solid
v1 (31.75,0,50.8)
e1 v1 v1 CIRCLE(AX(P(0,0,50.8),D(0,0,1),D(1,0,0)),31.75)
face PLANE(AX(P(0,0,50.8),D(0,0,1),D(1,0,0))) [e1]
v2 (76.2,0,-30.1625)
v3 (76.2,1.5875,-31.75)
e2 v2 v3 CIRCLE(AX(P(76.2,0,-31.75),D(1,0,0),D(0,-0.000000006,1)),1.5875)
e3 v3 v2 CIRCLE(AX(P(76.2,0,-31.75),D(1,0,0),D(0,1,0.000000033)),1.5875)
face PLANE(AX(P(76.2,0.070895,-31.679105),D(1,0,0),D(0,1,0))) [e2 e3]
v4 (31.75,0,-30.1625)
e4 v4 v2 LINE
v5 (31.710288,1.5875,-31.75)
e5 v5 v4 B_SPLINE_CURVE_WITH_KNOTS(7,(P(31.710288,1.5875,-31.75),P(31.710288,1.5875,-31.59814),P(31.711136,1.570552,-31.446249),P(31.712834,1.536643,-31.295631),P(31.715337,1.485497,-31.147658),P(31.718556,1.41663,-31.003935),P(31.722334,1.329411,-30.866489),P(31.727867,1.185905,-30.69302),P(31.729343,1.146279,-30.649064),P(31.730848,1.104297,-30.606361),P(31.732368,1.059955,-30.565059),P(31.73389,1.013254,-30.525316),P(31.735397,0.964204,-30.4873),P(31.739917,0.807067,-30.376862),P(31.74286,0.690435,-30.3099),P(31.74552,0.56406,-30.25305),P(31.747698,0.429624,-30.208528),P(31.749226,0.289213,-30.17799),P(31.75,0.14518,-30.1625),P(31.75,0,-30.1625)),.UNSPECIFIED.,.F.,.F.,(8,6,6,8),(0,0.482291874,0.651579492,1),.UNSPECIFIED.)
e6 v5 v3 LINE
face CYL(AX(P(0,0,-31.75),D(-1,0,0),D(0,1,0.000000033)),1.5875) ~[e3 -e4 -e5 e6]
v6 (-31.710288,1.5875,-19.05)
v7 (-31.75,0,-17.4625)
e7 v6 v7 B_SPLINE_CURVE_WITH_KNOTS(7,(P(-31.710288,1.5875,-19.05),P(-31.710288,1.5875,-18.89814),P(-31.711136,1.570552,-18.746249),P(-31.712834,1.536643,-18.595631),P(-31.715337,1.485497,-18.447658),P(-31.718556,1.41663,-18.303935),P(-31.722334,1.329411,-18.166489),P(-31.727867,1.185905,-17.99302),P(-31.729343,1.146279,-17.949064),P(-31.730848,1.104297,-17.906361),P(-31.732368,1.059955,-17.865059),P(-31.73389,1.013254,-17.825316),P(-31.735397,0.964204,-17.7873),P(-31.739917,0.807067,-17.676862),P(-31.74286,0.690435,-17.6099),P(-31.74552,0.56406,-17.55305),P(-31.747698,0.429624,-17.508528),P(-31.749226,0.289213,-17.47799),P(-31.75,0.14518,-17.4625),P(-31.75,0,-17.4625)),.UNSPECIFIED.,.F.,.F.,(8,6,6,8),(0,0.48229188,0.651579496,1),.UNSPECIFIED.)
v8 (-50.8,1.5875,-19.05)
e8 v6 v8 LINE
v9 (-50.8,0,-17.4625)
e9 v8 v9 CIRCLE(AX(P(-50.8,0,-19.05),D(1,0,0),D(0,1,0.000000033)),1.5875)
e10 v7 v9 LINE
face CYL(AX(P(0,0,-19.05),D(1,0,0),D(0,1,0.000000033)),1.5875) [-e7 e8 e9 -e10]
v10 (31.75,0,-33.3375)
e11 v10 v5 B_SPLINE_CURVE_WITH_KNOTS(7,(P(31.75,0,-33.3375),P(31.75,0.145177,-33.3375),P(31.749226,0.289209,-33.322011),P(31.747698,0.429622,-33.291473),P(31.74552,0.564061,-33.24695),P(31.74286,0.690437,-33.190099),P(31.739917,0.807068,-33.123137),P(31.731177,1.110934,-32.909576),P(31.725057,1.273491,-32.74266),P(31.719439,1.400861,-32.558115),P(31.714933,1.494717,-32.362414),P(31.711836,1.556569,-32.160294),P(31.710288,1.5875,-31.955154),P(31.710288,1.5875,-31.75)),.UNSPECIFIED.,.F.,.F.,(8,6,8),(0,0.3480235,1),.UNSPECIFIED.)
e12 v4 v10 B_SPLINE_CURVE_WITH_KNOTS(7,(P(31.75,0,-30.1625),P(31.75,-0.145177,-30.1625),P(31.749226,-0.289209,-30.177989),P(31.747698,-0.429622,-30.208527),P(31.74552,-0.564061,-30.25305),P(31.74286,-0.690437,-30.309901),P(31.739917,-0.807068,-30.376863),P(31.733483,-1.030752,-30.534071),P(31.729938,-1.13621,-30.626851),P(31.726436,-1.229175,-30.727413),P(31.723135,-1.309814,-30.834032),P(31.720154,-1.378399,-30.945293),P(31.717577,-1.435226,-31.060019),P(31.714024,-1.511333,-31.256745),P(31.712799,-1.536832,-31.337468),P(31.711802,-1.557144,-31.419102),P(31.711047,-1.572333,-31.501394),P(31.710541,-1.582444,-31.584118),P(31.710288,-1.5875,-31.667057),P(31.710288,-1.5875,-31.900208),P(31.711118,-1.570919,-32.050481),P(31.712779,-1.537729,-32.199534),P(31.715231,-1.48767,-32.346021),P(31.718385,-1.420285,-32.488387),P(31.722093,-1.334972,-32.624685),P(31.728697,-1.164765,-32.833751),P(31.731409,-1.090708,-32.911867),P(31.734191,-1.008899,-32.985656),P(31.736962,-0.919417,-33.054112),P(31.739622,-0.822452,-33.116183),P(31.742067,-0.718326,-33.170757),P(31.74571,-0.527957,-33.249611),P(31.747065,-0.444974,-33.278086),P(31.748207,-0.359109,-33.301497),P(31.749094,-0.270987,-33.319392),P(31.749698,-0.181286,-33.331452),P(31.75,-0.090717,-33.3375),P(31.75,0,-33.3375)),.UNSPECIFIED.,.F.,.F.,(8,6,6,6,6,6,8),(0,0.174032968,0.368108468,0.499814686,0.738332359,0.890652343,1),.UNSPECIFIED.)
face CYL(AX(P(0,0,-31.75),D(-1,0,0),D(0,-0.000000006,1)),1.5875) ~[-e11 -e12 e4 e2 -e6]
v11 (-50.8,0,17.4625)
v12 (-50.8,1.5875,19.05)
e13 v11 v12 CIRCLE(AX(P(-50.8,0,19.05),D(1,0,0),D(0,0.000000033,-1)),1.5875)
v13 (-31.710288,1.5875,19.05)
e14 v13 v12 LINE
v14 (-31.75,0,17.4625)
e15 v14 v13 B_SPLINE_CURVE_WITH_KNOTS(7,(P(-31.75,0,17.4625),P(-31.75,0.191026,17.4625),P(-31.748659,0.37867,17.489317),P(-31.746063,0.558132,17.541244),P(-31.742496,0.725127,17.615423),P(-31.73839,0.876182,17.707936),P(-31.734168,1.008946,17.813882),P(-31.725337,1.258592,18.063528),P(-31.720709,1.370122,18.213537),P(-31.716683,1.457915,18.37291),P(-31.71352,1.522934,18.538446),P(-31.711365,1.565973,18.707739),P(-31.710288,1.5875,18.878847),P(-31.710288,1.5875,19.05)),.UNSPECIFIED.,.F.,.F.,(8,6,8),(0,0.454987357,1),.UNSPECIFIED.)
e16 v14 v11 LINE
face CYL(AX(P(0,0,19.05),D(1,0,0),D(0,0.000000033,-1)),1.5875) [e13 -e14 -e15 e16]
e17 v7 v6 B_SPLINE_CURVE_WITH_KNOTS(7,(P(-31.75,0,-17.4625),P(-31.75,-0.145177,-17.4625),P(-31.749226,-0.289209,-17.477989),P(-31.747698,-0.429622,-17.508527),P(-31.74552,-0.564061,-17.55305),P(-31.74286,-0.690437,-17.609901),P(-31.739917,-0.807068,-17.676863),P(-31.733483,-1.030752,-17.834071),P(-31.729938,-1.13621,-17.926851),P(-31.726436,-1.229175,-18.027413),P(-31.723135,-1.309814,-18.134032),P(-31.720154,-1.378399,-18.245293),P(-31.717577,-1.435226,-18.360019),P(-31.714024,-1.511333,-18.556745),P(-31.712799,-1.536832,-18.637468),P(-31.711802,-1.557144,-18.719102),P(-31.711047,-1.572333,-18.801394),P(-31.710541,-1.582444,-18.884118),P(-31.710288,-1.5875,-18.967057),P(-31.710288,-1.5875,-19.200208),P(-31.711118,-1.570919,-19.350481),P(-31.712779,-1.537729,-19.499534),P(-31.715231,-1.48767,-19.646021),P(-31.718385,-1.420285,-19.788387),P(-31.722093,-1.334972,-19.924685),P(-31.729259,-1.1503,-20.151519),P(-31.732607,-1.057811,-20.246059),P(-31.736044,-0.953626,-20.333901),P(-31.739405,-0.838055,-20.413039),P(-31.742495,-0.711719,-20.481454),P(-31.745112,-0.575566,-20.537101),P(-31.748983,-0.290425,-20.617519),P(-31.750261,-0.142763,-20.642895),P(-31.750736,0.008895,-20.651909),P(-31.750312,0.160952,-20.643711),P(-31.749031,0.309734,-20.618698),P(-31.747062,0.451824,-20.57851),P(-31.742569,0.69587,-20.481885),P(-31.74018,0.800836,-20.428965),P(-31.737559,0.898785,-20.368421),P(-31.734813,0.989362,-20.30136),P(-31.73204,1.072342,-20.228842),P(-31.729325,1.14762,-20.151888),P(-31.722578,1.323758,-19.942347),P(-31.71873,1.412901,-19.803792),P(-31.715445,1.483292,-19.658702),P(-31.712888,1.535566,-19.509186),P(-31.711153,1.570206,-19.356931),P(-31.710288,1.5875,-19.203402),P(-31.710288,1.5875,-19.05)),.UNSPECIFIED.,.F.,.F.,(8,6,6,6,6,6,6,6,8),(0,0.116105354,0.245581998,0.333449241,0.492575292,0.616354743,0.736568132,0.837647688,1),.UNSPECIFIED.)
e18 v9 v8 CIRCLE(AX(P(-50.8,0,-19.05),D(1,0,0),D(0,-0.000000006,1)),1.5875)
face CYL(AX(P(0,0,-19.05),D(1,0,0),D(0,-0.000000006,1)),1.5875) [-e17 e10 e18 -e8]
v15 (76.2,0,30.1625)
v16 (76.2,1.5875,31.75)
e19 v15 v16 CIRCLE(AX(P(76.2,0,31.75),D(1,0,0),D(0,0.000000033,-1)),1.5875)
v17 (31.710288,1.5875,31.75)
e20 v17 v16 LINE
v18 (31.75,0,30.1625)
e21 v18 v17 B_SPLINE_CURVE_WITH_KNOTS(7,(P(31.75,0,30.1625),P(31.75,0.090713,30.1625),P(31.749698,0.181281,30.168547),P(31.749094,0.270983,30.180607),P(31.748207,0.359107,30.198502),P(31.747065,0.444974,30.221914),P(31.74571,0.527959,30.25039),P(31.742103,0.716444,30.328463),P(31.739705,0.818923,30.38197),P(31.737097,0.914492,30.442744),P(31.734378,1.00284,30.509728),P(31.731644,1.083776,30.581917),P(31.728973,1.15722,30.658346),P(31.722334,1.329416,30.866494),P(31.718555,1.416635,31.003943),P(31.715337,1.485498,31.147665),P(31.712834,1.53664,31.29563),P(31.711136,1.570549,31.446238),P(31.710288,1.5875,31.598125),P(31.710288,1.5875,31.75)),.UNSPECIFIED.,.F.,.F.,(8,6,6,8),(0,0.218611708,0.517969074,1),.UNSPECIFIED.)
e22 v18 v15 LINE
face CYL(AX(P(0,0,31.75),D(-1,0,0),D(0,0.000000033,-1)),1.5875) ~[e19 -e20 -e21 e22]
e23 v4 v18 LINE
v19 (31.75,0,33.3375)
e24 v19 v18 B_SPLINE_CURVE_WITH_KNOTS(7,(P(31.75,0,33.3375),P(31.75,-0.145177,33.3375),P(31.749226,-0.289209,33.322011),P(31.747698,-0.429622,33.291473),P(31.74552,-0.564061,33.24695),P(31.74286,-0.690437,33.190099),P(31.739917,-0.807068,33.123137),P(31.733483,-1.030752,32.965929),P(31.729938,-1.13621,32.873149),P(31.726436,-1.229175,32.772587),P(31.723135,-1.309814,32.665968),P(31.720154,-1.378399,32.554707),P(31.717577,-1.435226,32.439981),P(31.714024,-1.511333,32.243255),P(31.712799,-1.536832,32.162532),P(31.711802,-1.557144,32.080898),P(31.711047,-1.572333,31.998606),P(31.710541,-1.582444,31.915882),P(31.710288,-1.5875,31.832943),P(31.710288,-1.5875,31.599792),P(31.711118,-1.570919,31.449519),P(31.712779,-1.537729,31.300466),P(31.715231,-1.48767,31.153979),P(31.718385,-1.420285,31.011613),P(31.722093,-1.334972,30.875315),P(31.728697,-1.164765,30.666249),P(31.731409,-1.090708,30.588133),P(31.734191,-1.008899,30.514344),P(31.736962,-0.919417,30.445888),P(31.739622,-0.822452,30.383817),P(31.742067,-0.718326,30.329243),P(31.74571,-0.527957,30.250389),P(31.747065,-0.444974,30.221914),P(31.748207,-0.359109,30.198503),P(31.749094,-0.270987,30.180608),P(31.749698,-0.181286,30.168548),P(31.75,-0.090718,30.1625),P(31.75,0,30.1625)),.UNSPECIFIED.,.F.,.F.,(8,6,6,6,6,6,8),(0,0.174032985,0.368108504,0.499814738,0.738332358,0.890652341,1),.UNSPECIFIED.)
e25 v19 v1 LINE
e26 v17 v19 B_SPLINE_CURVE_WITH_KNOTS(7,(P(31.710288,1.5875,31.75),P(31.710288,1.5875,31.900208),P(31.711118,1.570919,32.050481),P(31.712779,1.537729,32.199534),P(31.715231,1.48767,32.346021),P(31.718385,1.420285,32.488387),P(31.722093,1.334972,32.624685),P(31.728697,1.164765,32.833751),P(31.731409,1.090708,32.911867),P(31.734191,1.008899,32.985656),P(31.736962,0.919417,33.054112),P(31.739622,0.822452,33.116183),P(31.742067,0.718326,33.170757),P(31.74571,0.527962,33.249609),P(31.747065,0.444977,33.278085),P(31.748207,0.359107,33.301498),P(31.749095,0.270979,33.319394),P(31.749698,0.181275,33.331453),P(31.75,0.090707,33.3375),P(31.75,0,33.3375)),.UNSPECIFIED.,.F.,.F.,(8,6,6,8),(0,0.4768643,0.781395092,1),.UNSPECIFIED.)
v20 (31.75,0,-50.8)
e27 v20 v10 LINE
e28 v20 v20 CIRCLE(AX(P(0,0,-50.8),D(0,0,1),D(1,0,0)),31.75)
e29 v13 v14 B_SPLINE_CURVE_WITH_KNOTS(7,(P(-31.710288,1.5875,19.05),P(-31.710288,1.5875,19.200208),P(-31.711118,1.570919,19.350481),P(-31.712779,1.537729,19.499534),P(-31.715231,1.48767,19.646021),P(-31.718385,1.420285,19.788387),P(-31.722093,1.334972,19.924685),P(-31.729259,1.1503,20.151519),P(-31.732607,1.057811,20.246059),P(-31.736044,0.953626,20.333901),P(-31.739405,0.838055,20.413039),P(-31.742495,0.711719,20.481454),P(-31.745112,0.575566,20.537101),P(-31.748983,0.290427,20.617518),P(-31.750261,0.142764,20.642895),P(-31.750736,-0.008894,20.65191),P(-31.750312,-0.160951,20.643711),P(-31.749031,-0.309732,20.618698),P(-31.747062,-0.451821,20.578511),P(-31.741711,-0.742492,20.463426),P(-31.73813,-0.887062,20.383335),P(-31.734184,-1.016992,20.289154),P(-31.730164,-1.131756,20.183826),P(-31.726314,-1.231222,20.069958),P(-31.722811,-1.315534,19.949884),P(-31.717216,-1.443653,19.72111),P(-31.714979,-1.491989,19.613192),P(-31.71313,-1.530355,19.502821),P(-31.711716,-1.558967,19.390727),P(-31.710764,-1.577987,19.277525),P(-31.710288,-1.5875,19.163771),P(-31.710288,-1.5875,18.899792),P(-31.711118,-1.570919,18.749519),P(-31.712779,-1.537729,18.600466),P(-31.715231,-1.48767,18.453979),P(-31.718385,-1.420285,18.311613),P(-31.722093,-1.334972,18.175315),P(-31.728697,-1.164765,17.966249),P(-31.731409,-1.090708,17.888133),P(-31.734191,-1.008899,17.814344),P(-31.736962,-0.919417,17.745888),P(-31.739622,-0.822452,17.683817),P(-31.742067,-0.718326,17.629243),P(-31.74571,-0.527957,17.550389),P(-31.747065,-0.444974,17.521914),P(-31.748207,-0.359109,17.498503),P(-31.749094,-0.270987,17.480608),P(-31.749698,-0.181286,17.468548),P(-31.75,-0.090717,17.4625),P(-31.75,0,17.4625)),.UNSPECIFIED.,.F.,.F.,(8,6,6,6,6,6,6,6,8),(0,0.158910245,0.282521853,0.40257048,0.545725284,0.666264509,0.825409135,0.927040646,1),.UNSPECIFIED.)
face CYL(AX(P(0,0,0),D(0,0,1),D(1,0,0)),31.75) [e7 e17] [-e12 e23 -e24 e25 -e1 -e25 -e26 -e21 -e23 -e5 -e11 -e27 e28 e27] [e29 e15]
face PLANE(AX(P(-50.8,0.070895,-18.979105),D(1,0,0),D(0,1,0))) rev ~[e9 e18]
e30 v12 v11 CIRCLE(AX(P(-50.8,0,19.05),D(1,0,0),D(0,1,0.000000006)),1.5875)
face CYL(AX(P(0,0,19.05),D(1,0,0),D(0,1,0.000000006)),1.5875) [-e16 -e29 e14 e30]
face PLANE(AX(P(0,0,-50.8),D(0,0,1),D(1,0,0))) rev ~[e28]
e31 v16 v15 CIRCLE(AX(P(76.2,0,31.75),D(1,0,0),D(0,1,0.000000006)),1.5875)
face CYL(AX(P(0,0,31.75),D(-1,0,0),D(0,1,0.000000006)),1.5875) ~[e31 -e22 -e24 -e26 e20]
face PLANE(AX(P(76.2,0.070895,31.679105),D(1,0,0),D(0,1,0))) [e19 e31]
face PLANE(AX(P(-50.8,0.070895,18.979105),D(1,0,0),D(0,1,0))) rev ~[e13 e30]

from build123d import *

# Parameters (mm, degrees)
F0_R          = 31.75
F1_DEPTH      = 50.8
F1_DEPTH_BACK = 50.8
F3_DEPTH      = 76.2
F5_DEPTH      = 50.8


with BuildPart() as f1:
    # F0 (on Top) → F1 (new body, two sides)
    with BuildSketch(Plane.XY) as f1_sk:
        Circle(F0_R)
    extrude(amount=F1_DEPTH)
    extrude(f1_sk.sketch, amount=-F1_DEPTH_BACK)

    # F2 (on Right) → F3 (join)
    with BuildSketch(Plane.YZ):
        with BuildLine():
            ThreePointArc((1.5875, -31.75), (1.122532, -30.627468), (0, -30.1625))
            ThreePointArc((0, -30.1625), (-1.122532, -32.872532), (1.5875, -31.75))
        make_face()
        with BuildLine():
            ThreePointArc((1.5875, 31.75), (-1.122532, 32.872532), (0, 30.1625))
            ThreePointArc((0, 30.1625), (1.122532, 30.627468), (1.5875, 31.75))
        make_face()
    extrude(amount=F3_DEPTH)

    # F4 (on Right) → F5 (join)
    with BuildSketch(Plane.YZ):
        with BuildLine():
            ThreePointArc((1.5875, 19.05), (-1.122532, 20.172532), (0, 17.4625))
            ThreePointArc((0, 17.4625), (1.122532, 17.927468), (1.5875, 19.05))
        make_face()
        with BuildLine():
            ThreePointArc((1.5875, -19.05), (1.122532, -17.927468), (0, -17.4625))
            ThreePointArc((0, -17.4625), (-1.122532, -20.172532), (1.5875, -19.05))
        make_face()
    extrude(amount=-F5_DEPTH)


solid = f1.part
